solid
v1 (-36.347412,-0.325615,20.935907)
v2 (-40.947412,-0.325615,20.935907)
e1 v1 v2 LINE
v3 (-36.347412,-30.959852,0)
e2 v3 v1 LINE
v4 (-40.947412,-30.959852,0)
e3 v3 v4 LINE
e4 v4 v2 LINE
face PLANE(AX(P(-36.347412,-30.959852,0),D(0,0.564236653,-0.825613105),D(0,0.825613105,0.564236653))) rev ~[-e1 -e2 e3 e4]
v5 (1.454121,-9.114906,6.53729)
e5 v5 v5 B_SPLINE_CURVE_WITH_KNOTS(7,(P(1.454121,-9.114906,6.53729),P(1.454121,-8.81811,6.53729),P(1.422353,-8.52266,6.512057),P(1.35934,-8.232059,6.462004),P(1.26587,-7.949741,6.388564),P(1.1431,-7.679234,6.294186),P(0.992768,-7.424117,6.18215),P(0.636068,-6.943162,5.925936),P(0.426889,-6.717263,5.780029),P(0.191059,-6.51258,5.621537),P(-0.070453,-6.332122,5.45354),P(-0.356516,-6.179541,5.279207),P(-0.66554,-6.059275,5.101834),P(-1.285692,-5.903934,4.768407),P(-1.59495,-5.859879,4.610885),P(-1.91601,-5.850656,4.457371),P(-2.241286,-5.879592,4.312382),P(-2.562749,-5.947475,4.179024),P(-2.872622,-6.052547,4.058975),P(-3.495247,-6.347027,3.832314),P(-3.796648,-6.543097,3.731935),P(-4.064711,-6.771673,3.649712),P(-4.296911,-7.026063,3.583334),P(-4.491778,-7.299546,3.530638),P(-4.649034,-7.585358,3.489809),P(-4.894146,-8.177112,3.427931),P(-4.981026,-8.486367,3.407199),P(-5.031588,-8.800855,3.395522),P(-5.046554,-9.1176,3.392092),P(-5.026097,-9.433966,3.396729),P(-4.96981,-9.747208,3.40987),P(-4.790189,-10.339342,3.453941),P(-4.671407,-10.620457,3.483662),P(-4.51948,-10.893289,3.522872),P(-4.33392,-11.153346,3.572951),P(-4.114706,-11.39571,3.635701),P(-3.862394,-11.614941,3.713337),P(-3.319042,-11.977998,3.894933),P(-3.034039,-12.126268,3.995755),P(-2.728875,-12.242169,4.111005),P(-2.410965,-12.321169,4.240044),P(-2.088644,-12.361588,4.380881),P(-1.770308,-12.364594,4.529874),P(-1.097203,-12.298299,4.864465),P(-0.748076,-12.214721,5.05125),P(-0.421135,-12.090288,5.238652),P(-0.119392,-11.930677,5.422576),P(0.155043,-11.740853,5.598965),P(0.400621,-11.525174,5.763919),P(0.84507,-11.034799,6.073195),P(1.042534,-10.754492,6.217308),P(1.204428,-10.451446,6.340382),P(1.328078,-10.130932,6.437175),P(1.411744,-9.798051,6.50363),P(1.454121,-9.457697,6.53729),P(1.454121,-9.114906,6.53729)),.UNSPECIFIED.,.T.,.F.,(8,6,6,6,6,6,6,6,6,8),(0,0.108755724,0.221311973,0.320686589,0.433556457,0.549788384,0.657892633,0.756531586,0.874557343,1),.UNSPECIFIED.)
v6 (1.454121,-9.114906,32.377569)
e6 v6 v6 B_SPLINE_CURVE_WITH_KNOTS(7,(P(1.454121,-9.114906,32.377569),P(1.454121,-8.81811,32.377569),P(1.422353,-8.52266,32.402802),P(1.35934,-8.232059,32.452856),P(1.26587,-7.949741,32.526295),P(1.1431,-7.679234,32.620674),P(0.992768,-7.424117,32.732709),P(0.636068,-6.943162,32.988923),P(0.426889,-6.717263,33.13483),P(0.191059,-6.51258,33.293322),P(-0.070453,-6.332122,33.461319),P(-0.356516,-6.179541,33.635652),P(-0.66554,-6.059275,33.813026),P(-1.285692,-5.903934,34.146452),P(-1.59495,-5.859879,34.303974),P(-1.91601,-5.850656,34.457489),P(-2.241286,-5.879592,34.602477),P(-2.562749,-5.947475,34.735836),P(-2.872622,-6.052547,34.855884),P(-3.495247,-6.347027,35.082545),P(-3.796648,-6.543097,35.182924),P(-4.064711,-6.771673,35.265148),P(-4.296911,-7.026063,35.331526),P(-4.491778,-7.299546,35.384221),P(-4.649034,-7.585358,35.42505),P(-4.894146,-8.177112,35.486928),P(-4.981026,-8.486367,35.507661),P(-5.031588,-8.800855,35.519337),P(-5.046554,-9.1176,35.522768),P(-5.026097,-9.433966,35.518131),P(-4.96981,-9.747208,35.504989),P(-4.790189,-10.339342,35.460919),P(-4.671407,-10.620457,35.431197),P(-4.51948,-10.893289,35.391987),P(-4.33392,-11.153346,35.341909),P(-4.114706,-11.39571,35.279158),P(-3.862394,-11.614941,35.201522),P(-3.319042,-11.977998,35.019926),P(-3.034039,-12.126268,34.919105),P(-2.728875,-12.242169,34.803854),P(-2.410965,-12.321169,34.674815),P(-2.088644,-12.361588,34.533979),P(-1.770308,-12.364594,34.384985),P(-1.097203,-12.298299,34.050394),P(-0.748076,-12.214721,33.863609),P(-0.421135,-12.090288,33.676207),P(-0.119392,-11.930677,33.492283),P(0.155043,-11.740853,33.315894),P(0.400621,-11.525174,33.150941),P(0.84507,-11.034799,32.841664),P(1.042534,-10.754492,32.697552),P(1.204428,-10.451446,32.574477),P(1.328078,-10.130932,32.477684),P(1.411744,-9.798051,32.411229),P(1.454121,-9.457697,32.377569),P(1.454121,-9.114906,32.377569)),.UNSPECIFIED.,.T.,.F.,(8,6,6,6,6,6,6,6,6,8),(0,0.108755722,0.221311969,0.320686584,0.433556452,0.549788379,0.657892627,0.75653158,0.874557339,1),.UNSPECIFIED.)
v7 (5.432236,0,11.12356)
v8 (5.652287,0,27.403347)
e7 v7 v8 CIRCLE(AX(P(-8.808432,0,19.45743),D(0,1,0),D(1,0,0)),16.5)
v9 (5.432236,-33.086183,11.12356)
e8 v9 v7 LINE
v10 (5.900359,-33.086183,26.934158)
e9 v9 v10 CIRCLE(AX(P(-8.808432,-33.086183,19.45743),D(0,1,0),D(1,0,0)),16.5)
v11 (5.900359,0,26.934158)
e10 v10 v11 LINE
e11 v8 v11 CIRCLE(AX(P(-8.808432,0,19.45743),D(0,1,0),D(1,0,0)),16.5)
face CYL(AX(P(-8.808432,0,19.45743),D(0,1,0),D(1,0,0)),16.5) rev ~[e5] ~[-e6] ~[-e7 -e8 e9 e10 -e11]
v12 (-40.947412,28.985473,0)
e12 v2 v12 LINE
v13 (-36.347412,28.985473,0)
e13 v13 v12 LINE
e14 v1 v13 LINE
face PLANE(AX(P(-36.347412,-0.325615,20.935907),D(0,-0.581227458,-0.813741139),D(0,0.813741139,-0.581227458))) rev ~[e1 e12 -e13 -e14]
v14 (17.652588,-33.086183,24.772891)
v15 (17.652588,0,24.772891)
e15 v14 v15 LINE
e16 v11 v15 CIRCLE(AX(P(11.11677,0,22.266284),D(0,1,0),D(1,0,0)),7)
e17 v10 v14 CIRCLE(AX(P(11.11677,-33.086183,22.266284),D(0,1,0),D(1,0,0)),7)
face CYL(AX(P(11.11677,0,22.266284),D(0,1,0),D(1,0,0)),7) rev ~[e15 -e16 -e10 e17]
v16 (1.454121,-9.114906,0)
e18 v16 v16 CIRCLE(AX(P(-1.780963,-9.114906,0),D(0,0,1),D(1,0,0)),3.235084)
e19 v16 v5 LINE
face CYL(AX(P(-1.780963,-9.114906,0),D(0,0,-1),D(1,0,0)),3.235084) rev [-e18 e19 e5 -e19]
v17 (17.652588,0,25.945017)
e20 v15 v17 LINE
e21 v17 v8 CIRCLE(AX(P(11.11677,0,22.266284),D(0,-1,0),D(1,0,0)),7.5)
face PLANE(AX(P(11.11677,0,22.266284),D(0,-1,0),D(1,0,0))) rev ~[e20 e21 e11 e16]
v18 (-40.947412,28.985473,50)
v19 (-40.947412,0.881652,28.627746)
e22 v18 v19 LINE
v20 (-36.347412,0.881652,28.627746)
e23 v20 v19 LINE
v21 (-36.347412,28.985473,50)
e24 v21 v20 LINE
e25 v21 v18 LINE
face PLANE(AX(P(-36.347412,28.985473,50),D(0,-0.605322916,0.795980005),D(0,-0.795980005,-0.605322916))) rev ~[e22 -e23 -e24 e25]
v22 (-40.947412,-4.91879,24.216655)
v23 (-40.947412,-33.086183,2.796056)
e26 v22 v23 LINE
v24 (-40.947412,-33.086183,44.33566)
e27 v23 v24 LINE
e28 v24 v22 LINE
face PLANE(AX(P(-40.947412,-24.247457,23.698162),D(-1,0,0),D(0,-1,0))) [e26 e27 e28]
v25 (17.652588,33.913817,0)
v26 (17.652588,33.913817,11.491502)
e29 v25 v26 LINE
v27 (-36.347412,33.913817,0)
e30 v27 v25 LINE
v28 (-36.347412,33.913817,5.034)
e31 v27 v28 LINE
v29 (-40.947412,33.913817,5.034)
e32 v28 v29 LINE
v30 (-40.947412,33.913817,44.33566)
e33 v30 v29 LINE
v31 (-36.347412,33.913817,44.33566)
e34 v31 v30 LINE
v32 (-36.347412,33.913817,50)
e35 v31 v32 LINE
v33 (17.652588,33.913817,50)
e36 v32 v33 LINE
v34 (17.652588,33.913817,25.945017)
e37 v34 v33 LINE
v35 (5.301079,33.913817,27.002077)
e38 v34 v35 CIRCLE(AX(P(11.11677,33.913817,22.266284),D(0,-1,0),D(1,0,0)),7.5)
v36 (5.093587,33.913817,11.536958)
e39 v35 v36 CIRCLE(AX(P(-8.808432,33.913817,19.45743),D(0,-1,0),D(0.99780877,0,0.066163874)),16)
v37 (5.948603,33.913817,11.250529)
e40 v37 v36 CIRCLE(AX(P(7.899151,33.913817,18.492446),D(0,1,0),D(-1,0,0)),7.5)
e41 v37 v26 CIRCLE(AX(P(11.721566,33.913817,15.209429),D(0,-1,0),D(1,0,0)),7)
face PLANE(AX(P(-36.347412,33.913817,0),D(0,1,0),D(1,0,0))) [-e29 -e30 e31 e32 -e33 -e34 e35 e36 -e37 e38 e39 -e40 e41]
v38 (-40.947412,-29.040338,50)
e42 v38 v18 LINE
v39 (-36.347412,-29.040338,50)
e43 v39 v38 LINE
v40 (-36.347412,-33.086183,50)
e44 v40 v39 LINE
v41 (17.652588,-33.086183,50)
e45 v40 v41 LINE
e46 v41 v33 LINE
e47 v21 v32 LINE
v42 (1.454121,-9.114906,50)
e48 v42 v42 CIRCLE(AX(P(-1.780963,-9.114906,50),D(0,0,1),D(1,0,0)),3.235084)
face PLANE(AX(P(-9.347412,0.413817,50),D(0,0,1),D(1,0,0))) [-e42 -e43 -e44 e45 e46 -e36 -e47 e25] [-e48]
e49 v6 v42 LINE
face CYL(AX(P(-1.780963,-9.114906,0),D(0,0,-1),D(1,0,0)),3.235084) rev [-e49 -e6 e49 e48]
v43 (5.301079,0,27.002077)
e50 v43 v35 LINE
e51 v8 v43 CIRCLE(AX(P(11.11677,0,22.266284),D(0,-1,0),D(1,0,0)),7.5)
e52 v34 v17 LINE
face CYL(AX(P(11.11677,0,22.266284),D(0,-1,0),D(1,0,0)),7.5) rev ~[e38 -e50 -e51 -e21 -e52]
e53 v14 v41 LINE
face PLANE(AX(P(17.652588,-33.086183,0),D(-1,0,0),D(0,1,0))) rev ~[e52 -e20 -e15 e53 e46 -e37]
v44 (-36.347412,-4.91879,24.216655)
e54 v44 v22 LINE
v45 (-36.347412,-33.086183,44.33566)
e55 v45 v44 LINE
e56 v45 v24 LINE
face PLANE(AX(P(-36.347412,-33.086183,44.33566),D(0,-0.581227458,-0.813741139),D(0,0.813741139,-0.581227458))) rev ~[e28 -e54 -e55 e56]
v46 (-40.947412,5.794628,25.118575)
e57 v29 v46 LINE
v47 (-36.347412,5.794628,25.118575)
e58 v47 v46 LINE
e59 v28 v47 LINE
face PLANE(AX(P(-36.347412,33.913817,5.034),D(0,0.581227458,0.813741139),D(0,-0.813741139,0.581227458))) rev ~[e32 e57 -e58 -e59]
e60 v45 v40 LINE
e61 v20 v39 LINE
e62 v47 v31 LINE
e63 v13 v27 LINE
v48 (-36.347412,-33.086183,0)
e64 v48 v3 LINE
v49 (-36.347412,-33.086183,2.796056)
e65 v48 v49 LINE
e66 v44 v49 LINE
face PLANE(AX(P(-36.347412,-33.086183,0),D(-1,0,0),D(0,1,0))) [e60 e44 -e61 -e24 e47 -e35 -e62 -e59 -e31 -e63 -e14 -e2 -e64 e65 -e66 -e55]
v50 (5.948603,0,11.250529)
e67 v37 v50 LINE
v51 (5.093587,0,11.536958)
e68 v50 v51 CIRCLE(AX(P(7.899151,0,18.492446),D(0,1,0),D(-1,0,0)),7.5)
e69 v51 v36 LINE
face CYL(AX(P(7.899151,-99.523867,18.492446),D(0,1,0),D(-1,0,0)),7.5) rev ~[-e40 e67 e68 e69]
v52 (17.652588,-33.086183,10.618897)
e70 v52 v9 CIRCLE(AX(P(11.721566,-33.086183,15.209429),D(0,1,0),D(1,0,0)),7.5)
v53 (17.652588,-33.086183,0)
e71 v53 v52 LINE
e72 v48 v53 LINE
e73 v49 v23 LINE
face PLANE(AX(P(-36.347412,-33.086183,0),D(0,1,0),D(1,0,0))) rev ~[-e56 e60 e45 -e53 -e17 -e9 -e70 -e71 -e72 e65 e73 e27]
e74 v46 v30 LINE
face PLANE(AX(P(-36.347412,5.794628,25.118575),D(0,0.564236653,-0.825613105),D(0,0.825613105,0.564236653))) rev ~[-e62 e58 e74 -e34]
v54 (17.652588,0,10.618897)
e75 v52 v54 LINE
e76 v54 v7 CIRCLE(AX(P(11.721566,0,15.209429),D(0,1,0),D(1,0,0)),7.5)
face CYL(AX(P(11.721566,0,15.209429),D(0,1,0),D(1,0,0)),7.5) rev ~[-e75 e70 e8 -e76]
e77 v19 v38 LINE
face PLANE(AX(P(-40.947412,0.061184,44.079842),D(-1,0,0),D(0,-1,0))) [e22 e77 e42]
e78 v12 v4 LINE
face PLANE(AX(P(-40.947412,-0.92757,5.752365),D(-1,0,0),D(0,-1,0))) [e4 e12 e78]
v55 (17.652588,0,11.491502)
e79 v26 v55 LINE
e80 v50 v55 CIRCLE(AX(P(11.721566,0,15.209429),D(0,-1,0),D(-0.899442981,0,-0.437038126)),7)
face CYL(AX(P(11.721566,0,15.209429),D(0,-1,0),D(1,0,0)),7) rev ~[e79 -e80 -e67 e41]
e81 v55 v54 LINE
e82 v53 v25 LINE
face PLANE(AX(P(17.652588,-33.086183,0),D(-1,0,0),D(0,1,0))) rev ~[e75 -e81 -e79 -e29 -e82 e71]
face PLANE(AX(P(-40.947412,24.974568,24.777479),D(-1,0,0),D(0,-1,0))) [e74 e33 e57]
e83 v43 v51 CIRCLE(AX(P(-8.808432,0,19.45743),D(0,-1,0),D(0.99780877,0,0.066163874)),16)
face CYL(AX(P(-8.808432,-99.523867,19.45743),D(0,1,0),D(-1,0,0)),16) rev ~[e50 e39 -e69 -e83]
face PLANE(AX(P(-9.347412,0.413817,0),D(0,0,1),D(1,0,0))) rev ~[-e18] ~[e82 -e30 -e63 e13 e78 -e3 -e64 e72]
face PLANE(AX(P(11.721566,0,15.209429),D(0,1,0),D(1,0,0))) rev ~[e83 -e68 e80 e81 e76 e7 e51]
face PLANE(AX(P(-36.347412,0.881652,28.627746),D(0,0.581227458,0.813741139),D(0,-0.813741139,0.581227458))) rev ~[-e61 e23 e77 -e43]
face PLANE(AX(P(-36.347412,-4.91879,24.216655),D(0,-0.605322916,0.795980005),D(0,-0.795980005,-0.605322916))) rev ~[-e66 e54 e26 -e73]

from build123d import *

# Parameters (mm, degrees)
F0_W      = 54
F0_H      = 67
F0_R      = 3.2350840479
F1_DEPTH  = 50
F3_D      = 33
F3_DEPTH  = 33.0871826465
F4_D      = 32
F5_D      = 14
F5_DEPTH  = 33.0871827465
F6_D      = 14
F6_DEPTH  = 33.9148173535
F7_D      = 14
F7_DEPTH  = 33.0871827465
F8_D      = 15
F8_DEPTH  = 33.0871827465
F9_D      = 15
F10_D     = 15
F10_DEPTH = 33.9148173535
F12_DEPTH = 4.6


with BuildPart() as f1:
    # F0 (on Top) → F1 (new body)
    with BuildSketch(Plane.XY):
        with Locations((-9.3474117796, 0.4138173535)):
            Rectangle(F0_W, F0_H)
        with Locations((-1.7809633864, -9.1149061918)):
            Circle(F0_R, mode=Mode.SUBTRACT)
    extrude(amount=F1_DEPTH)

    # F3 (through all, one way)
    with BuildSketch(Plane(origin=(0, 0, 0), x_dir=(1, 0, 0), z_dir=(0, 1, 0))):
        with Locations((-8.8084321469, -19.4574296474)):
            Circle(F3_D / 2)
    extrude(amount=-F3_DEPTH, mode=Mode.SUBTRACT)

    # F4 (through all)
    with Locations(Plane.XZ):
        with Locations((-8.8084321469, 19.4574296474)):
            Hole(F4_D / 2)

    # F5 (through all, one way)
    with BuildSketch(Plane(origin=(0, 0, 0), x_dir=(1, 0, 0), z_dir=(0, 1, 0))):
        with Locations((11.1167700961, -22.2662836313)):
            Circle(F5_D / 2)
    extrude(amount=-F5_DEPTH, mode=Mode.SUBTRACT)

    # F6 (through all, one way)
    with BuildSketch(Plane.XZ):
        with Locations((11.7215663195, 15.209428966)):
            Circle(F6_D / 2)
    extrude(amount=-F6_DEPTH, mode=Mode.SUBTRACT)

    # F7 (through all, one way)
    with BuildSketch(Plane(origin=(0, 0, 0), x_dir=(1, 0, 0), z_dir=(0, 1, 0))):
        with Locations((7.8991507475, -18.4924459839)):
            Circle(F7_D / 2)
    extrude(amount=-F7_DEPTH, mode=Mode.SUBTRACT)

    # F8 (through all, one way)
    with BuildSketch(Plane(origin=(0, 0, 0), x_dir=(1, 0, 0), z_dir=(0, 1, 0))):
        with Locations((11.7215663195, -15.209428966)):
            Circle(F8_D / 2)
    extrude(amount=-F8_DEPTH, mode=Mode.SUBTRACT)

    # F9 (through all)
    with Locations(Plane.XZ):
        with Locations((7.8991507475, 18.4924459839)):
            Hole(F9_D / 2)

    # F10 (through all, one way)
    with BuildSketch(Plane.XZ):
        with Locations((11.1167700961, 22.2662836313)):
            Circle(F10_D / 2)
    extrude(amount=-F10_DEPTH, mode=Mode.SUBTRACT)

    # F11 (on face) → F12 (join)
    with BuildSketch(Plane(origin=(-36.3474117796, 0, 0), x_dir=(0, -1, 0), z_dir=(-1, 0, 0))):
        Polygon((-28.9854729855, 50), (-0.8816519102, 28.6277458975), (29.0403384715, 50), align=None)
        Polygon((-33.9138173535, 44.3356601551), (-33.9138173535, 5.0340001471), (-5.7946280701, 25.1185750987), align=None)
        Polygon((33.0861826465, 44.3356601551), (4.9187896518, 24.2166549416), (33.0861826465, 2.7960559819), align=None)
        Polygon((0.3256148099, 20.935907284), (-28.9854729855, 0), (30.959851897, 0), align=None)
    extrude(amount=F12_DEPTH)


solid = f1.part
